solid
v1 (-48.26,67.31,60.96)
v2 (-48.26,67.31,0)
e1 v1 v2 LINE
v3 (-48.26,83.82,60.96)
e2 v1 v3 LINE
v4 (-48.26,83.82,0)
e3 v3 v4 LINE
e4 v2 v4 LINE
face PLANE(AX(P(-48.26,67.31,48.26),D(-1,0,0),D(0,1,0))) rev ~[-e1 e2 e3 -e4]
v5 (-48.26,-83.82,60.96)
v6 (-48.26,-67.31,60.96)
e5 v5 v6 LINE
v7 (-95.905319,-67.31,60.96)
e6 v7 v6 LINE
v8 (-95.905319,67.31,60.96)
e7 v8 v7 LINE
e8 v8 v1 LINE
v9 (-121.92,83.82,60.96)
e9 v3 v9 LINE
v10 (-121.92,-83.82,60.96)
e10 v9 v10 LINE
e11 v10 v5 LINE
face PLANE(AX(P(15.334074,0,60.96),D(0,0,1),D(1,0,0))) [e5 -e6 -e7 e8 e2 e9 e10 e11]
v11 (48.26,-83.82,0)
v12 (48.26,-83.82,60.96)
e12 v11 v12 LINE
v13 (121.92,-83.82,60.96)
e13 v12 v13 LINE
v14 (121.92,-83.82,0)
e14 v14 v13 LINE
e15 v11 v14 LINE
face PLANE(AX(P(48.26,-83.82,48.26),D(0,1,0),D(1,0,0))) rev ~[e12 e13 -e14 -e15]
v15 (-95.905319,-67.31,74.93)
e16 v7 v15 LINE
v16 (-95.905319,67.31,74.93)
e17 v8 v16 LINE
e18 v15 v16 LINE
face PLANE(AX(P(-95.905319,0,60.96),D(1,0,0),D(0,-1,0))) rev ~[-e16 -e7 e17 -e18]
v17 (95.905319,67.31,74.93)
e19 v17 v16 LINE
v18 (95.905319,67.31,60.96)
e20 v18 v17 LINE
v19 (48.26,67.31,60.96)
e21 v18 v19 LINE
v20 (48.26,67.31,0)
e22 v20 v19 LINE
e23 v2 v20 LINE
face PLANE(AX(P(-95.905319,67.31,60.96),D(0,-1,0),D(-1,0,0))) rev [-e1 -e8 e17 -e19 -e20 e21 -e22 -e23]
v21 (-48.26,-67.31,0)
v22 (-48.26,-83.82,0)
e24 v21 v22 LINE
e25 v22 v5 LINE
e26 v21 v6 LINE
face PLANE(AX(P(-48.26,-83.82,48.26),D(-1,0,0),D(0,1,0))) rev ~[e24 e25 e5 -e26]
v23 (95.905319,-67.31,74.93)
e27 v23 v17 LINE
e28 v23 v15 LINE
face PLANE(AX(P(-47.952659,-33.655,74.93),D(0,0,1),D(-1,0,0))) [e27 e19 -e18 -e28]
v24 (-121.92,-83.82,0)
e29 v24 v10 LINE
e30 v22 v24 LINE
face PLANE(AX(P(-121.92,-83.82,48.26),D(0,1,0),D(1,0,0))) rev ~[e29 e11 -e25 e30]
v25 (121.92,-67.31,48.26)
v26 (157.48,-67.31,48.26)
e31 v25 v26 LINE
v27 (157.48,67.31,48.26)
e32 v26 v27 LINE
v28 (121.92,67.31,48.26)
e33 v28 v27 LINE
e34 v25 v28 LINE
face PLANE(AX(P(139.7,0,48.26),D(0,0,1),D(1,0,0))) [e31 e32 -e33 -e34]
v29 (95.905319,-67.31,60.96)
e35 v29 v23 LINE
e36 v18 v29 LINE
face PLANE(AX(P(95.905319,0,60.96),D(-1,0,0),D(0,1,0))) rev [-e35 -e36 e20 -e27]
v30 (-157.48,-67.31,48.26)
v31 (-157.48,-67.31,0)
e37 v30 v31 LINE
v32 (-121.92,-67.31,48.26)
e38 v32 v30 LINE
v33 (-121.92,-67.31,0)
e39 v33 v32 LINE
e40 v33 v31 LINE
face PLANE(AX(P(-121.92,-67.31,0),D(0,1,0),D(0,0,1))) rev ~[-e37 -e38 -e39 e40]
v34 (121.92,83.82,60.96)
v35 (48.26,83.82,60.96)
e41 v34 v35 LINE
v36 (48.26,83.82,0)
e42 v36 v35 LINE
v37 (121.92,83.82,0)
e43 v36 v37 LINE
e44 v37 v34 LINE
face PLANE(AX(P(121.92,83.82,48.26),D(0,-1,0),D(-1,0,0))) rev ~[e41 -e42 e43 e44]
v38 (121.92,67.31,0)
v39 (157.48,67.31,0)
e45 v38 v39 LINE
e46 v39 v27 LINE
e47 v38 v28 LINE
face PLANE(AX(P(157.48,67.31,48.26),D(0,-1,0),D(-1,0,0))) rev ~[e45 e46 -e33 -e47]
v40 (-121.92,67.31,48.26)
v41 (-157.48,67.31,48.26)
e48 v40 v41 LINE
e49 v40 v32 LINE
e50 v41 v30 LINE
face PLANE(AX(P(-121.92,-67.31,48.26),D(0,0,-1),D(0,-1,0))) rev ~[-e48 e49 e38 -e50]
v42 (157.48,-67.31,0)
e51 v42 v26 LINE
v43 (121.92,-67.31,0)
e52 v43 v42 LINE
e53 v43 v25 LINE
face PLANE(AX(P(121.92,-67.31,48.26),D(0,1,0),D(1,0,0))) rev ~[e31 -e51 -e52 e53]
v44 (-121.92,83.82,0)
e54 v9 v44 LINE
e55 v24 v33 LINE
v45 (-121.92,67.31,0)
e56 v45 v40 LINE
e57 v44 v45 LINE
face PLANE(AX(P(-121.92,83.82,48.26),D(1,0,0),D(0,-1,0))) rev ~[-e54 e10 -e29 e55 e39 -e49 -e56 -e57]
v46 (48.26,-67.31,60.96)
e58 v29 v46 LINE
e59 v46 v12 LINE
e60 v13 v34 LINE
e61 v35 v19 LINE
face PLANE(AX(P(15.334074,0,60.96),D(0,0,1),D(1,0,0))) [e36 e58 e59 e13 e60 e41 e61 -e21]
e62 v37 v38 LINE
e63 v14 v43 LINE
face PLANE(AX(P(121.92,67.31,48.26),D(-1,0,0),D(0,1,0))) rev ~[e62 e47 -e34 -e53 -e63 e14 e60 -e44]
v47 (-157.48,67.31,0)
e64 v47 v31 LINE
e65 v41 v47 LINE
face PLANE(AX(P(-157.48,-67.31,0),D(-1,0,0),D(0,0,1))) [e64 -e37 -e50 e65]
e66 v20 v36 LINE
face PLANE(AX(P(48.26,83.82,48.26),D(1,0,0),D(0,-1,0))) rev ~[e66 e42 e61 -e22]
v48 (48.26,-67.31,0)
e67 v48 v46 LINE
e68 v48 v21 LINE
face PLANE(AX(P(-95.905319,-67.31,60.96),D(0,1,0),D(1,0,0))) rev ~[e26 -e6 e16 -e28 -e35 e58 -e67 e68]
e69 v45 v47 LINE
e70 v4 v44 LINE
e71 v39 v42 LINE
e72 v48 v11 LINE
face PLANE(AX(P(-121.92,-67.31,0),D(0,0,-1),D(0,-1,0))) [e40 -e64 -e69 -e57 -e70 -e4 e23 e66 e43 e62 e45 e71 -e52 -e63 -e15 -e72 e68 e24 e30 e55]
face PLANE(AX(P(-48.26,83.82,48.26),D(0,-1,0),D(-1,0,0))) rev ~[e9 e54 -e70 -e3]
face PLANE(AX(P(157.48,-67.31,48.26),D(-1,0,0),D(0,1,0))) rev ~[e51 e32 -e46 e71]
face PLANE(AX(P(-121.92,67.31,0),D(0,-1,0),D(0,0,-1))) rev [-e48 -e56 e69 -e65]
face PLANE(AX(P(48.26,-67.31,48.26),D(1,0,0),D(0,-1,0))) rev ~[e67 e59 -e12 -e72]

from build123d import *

# Parameters (mm, degrees)
F1_DEPTH   = 48.26
F2_W       = 35.56
F2_H       = 15.24
F3_DEPTH   = 25.4
F4_DEPTH   = 73.66
F5_START   = -73.66
F4_FACE_W  = 15.24
F4_FACE_H  = 25.4
F5_DEPTH   = 78.74
F6_DEPTH   = 22.86
F7_START   = 96.52
F6_FACE_W  = 15.24
F6_FACE_H  = 48.26
F7_DEPTH   = 73.66
F9_W       = 157.48
F9_H       = 67.31
F10_DEPTH  = 48.26
F11_W      = 35.56
F11_H      = 48.26
F12_DEPTH  = 16.51
F13_DEPTH  = 73.66
F14_START  = -73.66
F13_FACE_W = 16.51
F13_FACE_H = 48.26
F14_DEPTH  = 78.74
F18_DEPTH  = 12.7
F19_W      = 35.56
F19_H      = 134.62
F20_DEPTH  = 12.7
F22_DEPTH  = 13.97


with BuildPart() as f1:
    # F0 (on Top) → F1 (new body)
    with BuildSketch(Plane.XY):
        Polygon((0, 134.62), (0, 0), (314.96, 0), (314.96, 134.62), (35.56, 134.62), align=None)
    extrude(amount=F1_DEPTH)

    # F2 (on face) → F3 (join)
    with BuildSketch(Plane.XY.offset(48.26)):
        with Locations((17.78, 142.24)):
            Rectangle(F2_W, F2_H)
    extrude(amount=-F3_DEPTH)

    # F4 (add): a face of the model
    f4_faces = [f1.faces().sort_by_distance(p)[0] for p in [
        (35.56, 142.24, 35.56),
    ]]
    extrude(f4_faces, amount=F4_DEPTH)

    # F4_face (on face) → F5 (cut)
    with BuildSketch(Plane(origin=(109.22, 142.24, 35.56), x_dir=(0, 1, 0), z_dir=(1, 0, 0)).offset(F5_START)):
        Rectangle(F4_FACE_W, F4_FACE_H)
    extrude(amount=-F5_DEPTH, mode=Mode.SUBTRACT)

    # F6 (add): a face of the model
    f6_faces = [f1.faces().sort_by_distance(p)[0] for p in [
        (72.39, 142.24, 22.86),
    ]]
    extrude(f6_faces, amount=F6_DEPTH)

    # F6_face (on face) → F7 (join)
    with BuildSketch(Plane(origin=(109.22, 142.24, 24.13), x_dir=(0, 1, 0), z_dir=(1, 0, 0)).offset(F7_START)):
        Rectangle(F6_FACE_W, F6_FACE_H)
    extrude(amount=F7_DEPTH)


with BuildPart() as f10:
    # F9 (on Top) → F10 (new body)
    with BuildSketch(Plane.XY):
        with Locations((78.74, 33.655)):
            Rectangle(F9_W, F9_H)
    extrude(amount=F10_DEPTH)

    # F11 (on face) → F12 (join)
    with BuildSketch(Plane(origin=(0, 67.31, 0), x_dir=(-1, 0, 0), z_dir=(0, 1, 0))):
        with Locations((-139.7, 24.13)):
            Rectangle(F11_W, F11_H)
    extrude(amount=F12_DEPTH)

    # F13 (add): a face of the model
    f13_faces = [f10.faces().sort_by_distance(p)[0] for p in [
        (121.92, 75.565, 24.13),
    ]]
    extrude(f13_faces, amount=F13_DEPTH)

    # F13_face (on face) → F14 (cut)
    with BuildSketch(Plane(origin=(48.26, 75.565, 24.13), x_dir=(0, -1, 0), z_dir=(-1, 0, 0)).offset(F14_START)):
        Rectangle(F13_FACE_W, F13_FACE_H)
    extrude(amount=-F14_DEPTH, mode=Mode.SUBTRACT)

    # F15: F10 across plane


with BuildPart() as f10_1:
    add(f10.part)
    add(f10.part.mirror(Plane.XZ))

    # F16: F10 across plane


with BuildPart() as f10_2:
    add(f10_1.part)
    add(f10_1.part.mirror(Plane.YZ))

    # F17 (on face) → F18 (join)
    with BuildSketch(Plane.XY.offset(48.26)):
        Polygon((-121.92, 83.82), (-121.92, 67.31), (-121.92, -67.31), (-121.92, -83.82), (-48.26, -83.82), (-48.26, -67.31), (48.26, -67.31), (48.26, -83.82), (121.92, -83.82), (121.92, -67.31), (157.48, -67.31), (157.48, 67.31), (121.92, 67.31), (121.92, 83.82), (48.26, 83.82), (48.26, 67.31), (-48.26, 67.31), (-48.26, 83.82), align=None)
    extrude(amount=F18_DEPTH)

    # F19 (on face) → F20 (cut)
    with BuildSketch(Plane.XY.offset(60.96)):
        with Locations((139.7, 0)):
            Rectangle(F19_W, F19_H)
    extrude(amount=-F20_DEPTH, mode=Mode.SUBTRACT)

    # F21 (on face) → F22 (join)
    with BuildSketch(Plane.XY.offset(60.96)):
        Polygon((48.26, 67.31), (0, 67.31), (0, 0), (95.9053188562, 0), (95.9053188562, 67.31), align=None)
    extrude(amount=F22_DEPTH)

    # F23: F10 across plane


with BuildPart() as f10_3:
    add(f10_2.part)
    add(f10_2.part.mirror(Plane.XZ))

    # F24: F10 across plane


with BuildPart() as f10_4:
    add(f10_3.part)
    add(f10_3.part.mirror(Plane.YZ))


solid = f10_4.part
